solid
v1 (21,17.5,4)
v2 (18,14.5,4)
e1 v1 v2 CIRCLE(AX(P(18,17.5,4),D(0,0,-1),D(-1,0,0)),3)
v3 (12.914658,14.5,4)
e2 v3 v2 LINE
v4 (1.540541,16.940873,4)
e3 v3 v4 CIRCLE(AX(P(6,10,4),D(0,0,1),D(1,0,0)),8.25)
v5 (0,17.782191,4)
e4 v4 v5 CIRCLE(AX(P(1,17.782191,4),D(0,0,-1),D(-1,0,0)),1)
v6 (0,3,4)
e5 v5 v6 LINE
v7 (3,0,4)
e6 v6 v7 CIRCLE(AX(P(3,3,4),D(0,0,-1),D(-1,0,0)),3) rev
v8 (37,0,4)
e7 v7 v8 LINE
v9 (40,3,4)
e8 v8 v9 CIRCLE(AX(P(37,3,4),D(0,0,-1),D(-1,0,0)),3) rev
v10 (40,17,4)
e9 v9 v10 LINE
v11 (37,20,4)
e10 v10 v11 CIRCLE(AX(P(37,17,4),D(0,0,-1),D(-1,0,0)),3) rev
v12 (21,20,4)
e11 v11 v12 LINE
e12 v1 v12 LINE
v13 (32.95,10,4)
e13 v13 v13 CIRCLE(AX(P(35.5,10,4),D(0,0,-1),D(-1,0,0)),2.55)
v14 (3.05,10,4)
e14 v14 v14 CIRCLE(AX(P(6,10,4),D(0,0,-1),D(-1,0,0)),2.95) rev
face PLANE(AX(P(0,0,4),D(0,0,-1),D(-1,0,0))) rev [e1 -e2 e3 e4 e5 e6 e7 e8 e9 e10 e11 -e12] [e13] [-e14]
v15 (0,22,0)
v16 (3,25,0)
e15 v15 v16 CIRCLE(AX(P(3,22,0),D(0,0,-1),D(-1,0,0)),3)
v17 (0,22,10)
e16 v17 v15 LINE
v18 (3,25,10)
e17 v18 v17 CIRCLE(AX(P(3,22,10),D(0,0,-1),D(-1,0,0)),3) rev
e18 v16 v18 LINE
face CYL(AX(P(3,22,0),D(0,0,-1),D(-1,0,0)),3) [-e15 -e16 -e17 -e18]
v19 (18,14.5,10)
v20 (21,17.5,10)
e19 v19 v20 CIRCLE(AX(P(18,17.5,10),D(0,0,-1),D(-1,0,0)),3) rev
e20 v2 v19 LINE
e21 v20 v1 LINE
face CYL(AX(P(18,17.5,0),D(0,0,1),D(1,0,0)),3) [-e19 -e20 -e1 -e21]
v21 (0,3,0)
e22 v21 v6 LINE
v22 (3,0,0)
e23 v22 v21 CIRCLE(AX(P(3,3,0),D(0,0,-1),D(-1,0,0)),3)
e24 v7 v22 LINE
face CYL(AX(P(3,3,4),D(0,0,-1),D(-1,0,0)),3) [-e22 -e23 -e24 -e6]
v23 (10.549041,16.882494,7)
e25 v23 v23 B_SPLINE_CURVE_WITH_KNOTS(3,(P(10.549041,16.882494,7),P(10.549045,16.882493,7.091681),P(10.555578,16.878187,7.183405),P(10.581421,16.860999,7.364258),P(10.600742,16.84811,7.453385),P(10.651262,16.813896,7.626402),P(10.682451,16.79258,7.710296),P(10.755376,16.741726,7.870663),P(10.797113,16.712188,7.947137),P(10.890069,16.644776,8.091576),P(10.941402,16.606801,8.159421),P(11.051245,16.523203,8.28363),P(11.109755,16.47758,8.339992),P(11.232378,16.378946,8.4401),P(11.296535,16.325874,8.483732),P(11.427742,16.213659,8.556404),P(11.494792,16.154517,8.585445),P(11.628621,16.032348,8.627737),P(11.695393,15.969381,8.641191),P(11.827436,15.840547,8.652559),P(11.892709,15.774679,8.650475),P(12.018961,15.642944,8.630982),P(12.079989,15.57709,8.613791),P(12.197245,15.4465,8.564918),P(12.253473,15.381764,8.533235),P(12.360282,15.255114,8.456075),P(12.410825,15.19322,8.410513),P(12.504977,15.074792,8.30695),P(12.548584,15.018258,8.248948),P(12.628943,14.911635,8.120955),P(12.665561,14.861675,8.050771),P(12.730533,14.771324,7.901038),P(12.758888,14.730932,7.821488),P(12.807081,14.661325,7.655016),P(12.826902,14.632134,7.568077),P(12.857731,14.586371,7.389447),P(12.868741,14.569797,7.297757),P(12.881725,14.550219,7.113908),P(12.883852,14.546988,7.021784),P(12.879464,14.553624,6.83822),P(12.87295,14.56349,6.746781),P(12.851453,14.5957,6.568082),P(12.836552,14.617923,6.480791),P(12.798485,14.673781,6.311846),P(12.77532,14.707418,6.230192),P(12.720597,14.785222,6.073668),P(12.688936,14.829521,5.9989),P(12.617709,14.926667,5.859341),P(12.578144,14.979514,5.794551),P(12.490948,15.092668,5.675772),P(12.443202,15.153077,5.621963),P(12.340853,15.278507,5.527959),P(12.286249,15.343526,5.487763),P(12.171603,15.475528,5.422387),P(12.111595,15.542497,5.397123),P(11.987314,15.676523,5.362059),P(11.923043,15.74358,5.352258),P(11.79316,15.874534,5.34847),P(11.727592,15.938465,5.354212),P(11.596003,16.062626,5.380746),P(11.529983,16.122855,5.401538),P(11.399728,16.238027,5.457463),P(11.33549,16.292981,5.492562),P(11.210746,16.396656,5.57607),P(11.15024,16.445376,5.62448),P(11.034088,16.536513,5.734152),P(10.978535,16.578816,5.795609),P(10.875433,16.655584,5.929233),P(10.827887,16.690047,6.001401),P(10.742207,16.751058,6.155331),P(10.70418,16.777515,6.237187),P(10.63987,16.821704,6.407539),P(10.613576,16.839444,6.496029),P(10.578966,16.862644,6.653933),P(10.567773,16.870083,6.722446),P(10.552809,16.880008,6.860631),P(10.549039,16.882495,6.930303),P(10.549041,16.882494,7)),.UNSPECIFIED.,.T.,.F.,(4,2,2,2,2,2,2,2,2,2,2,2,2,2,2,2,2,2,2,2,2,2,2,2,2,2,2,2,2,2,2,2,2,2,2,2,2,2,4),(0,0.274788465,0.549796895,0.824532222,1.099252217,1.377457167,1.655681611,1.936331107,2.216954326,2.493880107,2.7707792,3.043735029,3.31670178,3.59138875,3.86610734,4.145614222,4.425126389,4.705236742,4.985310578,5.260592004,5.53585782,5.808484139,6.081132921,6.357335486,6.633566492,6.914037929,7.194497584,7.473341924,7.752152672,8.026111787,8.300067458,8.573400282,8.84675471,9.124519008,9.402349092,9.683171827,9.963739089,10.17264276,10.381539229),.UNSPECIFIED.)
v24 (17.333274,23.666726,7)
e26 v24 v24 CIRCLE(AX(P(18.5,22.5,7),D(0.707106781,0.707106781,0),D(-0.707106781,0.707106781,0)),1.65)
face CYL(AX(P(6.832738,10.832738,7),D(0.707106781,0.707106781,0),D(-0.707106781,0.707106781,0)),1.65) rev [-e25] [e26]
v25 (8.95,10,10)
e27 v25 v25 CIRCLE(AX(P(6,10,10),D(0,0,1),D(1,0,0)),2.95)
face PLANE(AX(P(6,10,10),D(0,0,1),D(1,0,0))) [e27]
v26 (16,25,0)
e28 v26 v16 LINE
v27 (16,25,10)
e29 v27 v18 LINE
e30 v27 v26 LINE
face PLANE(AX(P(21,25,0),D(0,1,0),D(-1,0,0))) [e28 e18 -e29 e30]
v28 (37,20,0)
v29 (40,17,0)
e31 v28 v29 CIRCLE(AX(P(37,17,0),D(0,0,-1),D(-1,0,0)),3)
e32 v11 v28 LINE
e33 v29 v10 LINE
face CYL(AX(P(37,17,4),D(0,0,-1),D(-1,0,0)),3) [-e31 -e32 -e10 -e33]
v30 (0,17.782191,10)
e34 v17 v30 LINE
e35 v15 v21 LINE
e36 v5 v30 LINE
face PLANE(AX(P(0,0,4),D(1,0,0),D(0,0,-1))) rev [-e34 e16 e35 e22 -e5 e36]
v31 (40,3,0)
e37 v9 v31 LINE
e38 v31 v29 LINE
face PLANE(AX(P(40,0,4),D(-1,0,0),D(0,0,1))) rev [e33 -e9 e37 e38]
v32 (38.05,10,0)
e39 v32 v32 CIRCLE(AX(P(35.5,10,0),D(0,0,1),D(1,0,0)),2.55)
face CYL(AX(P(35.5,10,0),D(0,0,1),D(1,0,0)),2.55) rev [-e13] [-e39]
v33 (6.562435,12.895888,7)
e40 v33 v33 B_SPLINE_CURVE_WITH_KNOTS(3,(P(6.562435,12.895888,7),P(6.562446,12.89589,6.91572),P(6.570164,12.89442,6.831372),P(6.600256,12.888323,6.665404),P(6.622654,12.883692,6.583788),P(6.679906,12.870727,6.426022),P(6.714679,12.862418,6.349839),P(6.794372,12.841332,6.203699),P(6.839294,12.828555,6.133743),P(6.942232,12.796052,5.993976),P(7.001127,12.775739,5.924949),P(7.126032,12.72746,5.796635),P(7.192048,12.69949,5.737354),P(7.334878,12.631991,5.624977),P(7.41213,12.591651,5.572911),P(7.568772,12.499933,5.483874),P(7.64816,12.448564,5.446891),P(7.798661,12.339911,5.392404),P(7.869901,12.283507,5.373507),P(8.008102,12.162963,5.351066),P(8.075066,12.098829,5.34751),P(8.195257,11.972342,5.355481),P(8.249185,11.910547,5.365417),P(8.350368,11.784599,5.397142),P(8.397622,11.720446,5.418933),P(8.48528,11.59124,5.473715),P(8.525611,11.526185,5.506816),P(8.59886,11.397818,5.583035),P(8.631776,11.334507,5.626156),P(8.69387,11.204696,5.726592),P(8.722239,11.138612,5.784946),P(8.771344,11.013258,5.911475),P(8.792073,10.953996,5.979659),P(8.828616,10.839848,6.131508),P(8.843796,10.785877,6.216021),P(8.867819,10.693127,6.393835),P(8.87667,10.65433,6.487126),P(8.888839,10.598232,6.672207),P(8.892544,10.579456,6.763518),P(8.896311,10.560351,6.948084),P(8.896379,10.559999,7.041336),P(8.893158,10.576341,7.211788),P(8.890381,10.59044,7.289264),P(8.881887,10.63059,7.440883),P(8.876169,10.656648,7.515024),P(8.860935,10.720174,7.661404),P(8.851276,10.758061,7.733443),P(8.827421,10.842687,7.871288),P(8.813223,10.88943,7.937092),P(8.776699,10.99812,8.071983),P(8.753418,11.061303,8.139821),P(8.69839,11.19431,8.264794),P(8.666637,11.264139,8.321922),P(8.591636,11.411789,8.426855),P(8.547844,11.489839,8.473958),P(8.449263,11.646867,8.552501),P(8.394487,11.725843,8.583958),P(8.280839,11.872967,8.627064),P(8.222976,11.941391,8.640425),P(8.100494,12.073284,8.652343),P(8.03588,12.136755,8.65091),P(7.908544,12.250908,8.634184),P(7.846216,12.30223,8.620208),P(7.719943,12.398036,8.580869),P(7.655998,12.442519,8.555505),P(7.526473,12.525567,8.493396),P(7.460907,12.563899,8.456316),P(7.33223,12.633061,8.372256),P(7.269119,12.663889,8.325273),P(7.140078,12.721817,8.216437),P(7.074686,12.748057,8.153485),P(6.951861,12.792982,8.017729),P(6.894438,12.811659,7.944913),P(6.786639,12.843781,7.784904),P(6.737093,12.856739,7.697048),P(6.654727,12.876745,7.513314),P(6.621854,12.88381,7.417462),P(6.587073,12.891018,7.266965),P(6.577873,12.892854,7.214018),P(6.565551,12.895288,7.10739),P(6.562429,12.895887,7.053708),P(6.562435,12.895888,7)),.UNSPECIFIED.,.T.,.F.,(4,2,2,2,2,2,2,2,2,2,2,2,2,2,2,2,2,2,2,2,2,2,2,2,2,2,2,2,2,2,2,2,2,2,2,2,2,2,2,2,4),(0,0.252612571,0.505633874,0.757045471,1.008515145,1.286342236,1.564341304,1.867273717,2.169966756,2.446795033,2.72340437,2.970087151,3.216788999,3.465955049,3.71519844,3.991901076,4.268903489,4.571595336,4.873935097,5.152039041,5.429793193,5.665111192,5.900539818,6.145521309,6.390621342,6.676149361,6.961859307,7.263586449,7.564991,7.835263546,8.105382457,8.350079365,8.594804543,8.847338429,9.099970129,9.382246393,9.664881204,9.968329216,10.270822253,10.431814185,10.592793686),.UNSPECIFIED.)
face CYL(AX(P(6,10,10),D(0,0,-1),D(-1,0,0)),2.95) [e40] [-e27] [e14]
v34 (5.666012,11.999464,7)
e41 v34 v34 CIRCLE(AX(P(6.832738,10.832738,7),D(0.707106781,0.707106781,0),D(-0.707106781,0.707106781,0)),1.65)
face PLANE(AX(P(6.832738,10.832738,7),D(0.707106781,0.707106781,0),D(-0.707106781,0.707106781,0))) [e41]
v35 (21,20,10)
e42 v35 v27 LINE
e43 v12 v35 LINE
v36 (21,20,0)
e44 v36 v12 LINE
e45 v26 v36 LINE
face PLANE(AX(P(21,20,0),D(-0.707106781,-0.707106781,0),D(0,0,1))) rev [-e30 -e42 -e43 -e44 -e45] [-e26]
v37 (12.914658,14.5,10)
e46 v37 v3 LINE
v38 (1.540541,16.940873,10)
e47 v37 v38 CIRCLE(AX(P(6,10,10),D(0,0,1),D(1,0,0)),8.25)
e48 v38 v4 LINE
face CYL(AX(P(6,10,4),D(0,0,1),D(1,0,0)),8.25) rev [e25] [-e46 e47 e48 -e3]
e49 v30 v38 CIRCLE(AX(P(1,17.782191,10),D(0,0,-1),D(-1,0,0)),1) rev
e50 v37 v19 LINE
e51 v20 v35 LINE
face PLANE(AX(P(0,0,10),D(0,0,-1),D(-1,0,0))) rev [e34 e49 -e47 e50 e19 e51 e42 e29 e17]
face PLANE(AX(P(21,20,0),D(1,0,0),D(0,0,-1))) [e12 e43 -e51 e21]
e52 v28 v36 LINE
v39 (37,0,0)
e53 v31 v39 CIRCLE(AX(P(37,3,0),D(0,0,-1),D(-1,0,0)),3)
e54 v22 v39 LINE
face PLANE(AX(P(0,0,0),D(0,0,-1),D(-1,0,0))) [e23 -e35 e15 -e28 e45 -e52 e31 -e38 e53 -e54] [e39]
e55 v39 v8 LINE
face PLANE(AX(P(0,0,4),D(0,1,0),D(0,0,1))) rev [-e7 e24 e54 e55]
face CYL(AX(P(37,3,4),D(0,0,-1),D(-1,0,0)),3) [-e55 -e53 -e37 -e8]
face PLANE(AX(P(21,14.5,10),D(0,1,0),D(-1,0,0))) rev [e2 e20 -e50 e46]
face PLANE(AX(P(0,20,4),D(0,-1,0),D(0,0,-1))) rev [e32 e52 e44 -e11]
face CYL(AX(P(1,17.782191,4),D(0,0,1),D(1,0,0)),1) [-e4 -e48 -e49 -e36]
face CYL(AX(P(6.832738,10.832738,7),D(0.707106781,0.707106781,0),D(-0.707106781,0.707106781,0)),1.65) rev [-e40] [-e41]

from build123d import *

# Parameters (mm, degrees)
ESQUISSE1_W                  = 40
ESQUISSE1_H                  = 20
BOSS_EXTRU_1_DEPTH           = 4
ESQUISSE2_R                  = 2.95
BOSS_EXTRU_2_DEPTH           = 6
ENL_V_MAT_EXTRU_1_DEPTH      = 46.122056691
ENL_V_MAT_EXTRU_1_DEPTH_BACK = 46.122056691
ESQUISSE3_R                  = 2.55
ESQUISSE4_W                  = 21
ESQUISSE4_H                  = 5
BOSS_EXTRU_4_DEPTH           = 4
ESQUISSE5_W                  = 21
ESQUISSE5_H                  = 10.5
BOSS_EXTRU_5_DEPTH           = 6
ENL_V_START                  = -6
ESQUISSE6_R                  = 8.25
ESQUISSE6_R_2                = 2.95
ENL_V_MAT_EXTRU_2_DEPTH      = 6
CHANFREIN1_SIZE              = 5
ESQUISSE7_R                  = 1.65
ENL_V_MAT_EXTRU_3_DEPTH      = 16.5
CONG_1_R                     = 3
CONG_2_R                     = 1


with BuildPart() as part:
    # Esquisse1 → Boss.-Extru.1 (new body)
    with BuildSketch(Plane.XY):
        with Locations((20, 10)):
            Rectangle(ESQUISSE1_W, ESQUISSE1_H)
    extrude(amount=BOSS_EXTRU_1_DEPTH)

    # Esquisse2 → Boss.-Extru.2 (add)
    with BuildSketch(Plane.XY.offset(4)):
        with Locations(Location((6, 10, 0), (0, 0, 180))):
            Circle(ESQUISSE2_R)
    extrude(amount=BOSS_EXTRU_2_DEPTH)

    # Esquisse3 → Enlèv. mat.-Extru.1 (cut, two sides: drawn at the far end of the back side and taken through both)
    with BuildSketch(Plane.XY.offset(4).offset(-ENL_V_MAT_EXTRU_1_DEPTH_BACK)):
        with Locations((35.5, 10)):
            Circle(ESQUISSE3_R)
    extrude(amount=ENL_V_MAT_EXTRU_1_DEPTH + ENL_V_MAT_EXTRU_1_DEPTH_BACK, mode=Mode.SUBTRACT)

    # Esquisse4 → Boss.-Extru.4 (add)
    with BuildSketch(Plane.XY.offset(4)):
        with Locations((10.5, 22.5)):
            Rectangle(ESQUISSE4_W, ESQUISSE4_H)
    extrude(amount=-BOSS_EXTRU_4_DEPTH)

    # Esquisse5 → Boss.-Extru.5 (add)
    with BuildSketch(Plane.XY.offset(4)):
        with Locations((10.5, 19.75)):
            Rectangle(ESQUISSE5_W, ESQUISSE5_H)
    extrude(amount=BOSS_EXTRU_5_DEPTH)

    # Esquisse6 → Enlèv. mat.-Extru.2 (cut)
    with BuildSketch(Plane.XY.offset(10).offset(ENL_V_START)):
        with Locations((6, 10)):
            Circle(ESQUISSE6_R)
        with Locations(Location((6, 10, 0), (0, 0, 180))):
            Circle(ESQUISSE6_R_2, mode=Mode.SUBTRACT)
    extrude(amount=ENL_V_MAT_EXTRU_2_DEPTH, mode=Mode.SUBTRACT)

    # Chanfrein1
    chanfrein1_edges = [part.edges().sort_by_distance(p)[0] for p in [
        (21, 25, 5),
    ]]
    chamfer(chanfrein1_edges, length=CHANFREIN1_SIZE)

    # Esquisse7 → Enlèv. mat.-Extru.3 (cut)
    with BuildSketch(Plane(origin=(20.5, 20.5, 0), x_dir=(0, 0, -1), z_dir=(0.7071067811865471, 0.707106781186548, 0))):
        with Locations(Location((-7, 2.828427125, 0), (0, 0, 90))):
            Circle(ESQUISSE7_R)
    extrude(amount=-ENL_V_MAT_EXTRU_3_DEPTH, mode=Mode.SUBTRACT)

    # Congé1
    cong_1_edges = [part.edges().sort_by_distance(p)[0] for p in [
        (0, 25, 5),
        (21, 14.5, 7),
        (40, 20, 2),
        (40, 0, 2),
        (0, 0, 2),
    ]]
    fillet(cong_1_edges, radius=CONG_1_R)

    # Congé2
    cong_2_edges = [part.edges().sort_by_distance(p)[0] for p in [
        (0, 15.662375826, 7),
    ]]
    fillet(cong_2_edges, radius=CONG_2_R)


solid = part.part
